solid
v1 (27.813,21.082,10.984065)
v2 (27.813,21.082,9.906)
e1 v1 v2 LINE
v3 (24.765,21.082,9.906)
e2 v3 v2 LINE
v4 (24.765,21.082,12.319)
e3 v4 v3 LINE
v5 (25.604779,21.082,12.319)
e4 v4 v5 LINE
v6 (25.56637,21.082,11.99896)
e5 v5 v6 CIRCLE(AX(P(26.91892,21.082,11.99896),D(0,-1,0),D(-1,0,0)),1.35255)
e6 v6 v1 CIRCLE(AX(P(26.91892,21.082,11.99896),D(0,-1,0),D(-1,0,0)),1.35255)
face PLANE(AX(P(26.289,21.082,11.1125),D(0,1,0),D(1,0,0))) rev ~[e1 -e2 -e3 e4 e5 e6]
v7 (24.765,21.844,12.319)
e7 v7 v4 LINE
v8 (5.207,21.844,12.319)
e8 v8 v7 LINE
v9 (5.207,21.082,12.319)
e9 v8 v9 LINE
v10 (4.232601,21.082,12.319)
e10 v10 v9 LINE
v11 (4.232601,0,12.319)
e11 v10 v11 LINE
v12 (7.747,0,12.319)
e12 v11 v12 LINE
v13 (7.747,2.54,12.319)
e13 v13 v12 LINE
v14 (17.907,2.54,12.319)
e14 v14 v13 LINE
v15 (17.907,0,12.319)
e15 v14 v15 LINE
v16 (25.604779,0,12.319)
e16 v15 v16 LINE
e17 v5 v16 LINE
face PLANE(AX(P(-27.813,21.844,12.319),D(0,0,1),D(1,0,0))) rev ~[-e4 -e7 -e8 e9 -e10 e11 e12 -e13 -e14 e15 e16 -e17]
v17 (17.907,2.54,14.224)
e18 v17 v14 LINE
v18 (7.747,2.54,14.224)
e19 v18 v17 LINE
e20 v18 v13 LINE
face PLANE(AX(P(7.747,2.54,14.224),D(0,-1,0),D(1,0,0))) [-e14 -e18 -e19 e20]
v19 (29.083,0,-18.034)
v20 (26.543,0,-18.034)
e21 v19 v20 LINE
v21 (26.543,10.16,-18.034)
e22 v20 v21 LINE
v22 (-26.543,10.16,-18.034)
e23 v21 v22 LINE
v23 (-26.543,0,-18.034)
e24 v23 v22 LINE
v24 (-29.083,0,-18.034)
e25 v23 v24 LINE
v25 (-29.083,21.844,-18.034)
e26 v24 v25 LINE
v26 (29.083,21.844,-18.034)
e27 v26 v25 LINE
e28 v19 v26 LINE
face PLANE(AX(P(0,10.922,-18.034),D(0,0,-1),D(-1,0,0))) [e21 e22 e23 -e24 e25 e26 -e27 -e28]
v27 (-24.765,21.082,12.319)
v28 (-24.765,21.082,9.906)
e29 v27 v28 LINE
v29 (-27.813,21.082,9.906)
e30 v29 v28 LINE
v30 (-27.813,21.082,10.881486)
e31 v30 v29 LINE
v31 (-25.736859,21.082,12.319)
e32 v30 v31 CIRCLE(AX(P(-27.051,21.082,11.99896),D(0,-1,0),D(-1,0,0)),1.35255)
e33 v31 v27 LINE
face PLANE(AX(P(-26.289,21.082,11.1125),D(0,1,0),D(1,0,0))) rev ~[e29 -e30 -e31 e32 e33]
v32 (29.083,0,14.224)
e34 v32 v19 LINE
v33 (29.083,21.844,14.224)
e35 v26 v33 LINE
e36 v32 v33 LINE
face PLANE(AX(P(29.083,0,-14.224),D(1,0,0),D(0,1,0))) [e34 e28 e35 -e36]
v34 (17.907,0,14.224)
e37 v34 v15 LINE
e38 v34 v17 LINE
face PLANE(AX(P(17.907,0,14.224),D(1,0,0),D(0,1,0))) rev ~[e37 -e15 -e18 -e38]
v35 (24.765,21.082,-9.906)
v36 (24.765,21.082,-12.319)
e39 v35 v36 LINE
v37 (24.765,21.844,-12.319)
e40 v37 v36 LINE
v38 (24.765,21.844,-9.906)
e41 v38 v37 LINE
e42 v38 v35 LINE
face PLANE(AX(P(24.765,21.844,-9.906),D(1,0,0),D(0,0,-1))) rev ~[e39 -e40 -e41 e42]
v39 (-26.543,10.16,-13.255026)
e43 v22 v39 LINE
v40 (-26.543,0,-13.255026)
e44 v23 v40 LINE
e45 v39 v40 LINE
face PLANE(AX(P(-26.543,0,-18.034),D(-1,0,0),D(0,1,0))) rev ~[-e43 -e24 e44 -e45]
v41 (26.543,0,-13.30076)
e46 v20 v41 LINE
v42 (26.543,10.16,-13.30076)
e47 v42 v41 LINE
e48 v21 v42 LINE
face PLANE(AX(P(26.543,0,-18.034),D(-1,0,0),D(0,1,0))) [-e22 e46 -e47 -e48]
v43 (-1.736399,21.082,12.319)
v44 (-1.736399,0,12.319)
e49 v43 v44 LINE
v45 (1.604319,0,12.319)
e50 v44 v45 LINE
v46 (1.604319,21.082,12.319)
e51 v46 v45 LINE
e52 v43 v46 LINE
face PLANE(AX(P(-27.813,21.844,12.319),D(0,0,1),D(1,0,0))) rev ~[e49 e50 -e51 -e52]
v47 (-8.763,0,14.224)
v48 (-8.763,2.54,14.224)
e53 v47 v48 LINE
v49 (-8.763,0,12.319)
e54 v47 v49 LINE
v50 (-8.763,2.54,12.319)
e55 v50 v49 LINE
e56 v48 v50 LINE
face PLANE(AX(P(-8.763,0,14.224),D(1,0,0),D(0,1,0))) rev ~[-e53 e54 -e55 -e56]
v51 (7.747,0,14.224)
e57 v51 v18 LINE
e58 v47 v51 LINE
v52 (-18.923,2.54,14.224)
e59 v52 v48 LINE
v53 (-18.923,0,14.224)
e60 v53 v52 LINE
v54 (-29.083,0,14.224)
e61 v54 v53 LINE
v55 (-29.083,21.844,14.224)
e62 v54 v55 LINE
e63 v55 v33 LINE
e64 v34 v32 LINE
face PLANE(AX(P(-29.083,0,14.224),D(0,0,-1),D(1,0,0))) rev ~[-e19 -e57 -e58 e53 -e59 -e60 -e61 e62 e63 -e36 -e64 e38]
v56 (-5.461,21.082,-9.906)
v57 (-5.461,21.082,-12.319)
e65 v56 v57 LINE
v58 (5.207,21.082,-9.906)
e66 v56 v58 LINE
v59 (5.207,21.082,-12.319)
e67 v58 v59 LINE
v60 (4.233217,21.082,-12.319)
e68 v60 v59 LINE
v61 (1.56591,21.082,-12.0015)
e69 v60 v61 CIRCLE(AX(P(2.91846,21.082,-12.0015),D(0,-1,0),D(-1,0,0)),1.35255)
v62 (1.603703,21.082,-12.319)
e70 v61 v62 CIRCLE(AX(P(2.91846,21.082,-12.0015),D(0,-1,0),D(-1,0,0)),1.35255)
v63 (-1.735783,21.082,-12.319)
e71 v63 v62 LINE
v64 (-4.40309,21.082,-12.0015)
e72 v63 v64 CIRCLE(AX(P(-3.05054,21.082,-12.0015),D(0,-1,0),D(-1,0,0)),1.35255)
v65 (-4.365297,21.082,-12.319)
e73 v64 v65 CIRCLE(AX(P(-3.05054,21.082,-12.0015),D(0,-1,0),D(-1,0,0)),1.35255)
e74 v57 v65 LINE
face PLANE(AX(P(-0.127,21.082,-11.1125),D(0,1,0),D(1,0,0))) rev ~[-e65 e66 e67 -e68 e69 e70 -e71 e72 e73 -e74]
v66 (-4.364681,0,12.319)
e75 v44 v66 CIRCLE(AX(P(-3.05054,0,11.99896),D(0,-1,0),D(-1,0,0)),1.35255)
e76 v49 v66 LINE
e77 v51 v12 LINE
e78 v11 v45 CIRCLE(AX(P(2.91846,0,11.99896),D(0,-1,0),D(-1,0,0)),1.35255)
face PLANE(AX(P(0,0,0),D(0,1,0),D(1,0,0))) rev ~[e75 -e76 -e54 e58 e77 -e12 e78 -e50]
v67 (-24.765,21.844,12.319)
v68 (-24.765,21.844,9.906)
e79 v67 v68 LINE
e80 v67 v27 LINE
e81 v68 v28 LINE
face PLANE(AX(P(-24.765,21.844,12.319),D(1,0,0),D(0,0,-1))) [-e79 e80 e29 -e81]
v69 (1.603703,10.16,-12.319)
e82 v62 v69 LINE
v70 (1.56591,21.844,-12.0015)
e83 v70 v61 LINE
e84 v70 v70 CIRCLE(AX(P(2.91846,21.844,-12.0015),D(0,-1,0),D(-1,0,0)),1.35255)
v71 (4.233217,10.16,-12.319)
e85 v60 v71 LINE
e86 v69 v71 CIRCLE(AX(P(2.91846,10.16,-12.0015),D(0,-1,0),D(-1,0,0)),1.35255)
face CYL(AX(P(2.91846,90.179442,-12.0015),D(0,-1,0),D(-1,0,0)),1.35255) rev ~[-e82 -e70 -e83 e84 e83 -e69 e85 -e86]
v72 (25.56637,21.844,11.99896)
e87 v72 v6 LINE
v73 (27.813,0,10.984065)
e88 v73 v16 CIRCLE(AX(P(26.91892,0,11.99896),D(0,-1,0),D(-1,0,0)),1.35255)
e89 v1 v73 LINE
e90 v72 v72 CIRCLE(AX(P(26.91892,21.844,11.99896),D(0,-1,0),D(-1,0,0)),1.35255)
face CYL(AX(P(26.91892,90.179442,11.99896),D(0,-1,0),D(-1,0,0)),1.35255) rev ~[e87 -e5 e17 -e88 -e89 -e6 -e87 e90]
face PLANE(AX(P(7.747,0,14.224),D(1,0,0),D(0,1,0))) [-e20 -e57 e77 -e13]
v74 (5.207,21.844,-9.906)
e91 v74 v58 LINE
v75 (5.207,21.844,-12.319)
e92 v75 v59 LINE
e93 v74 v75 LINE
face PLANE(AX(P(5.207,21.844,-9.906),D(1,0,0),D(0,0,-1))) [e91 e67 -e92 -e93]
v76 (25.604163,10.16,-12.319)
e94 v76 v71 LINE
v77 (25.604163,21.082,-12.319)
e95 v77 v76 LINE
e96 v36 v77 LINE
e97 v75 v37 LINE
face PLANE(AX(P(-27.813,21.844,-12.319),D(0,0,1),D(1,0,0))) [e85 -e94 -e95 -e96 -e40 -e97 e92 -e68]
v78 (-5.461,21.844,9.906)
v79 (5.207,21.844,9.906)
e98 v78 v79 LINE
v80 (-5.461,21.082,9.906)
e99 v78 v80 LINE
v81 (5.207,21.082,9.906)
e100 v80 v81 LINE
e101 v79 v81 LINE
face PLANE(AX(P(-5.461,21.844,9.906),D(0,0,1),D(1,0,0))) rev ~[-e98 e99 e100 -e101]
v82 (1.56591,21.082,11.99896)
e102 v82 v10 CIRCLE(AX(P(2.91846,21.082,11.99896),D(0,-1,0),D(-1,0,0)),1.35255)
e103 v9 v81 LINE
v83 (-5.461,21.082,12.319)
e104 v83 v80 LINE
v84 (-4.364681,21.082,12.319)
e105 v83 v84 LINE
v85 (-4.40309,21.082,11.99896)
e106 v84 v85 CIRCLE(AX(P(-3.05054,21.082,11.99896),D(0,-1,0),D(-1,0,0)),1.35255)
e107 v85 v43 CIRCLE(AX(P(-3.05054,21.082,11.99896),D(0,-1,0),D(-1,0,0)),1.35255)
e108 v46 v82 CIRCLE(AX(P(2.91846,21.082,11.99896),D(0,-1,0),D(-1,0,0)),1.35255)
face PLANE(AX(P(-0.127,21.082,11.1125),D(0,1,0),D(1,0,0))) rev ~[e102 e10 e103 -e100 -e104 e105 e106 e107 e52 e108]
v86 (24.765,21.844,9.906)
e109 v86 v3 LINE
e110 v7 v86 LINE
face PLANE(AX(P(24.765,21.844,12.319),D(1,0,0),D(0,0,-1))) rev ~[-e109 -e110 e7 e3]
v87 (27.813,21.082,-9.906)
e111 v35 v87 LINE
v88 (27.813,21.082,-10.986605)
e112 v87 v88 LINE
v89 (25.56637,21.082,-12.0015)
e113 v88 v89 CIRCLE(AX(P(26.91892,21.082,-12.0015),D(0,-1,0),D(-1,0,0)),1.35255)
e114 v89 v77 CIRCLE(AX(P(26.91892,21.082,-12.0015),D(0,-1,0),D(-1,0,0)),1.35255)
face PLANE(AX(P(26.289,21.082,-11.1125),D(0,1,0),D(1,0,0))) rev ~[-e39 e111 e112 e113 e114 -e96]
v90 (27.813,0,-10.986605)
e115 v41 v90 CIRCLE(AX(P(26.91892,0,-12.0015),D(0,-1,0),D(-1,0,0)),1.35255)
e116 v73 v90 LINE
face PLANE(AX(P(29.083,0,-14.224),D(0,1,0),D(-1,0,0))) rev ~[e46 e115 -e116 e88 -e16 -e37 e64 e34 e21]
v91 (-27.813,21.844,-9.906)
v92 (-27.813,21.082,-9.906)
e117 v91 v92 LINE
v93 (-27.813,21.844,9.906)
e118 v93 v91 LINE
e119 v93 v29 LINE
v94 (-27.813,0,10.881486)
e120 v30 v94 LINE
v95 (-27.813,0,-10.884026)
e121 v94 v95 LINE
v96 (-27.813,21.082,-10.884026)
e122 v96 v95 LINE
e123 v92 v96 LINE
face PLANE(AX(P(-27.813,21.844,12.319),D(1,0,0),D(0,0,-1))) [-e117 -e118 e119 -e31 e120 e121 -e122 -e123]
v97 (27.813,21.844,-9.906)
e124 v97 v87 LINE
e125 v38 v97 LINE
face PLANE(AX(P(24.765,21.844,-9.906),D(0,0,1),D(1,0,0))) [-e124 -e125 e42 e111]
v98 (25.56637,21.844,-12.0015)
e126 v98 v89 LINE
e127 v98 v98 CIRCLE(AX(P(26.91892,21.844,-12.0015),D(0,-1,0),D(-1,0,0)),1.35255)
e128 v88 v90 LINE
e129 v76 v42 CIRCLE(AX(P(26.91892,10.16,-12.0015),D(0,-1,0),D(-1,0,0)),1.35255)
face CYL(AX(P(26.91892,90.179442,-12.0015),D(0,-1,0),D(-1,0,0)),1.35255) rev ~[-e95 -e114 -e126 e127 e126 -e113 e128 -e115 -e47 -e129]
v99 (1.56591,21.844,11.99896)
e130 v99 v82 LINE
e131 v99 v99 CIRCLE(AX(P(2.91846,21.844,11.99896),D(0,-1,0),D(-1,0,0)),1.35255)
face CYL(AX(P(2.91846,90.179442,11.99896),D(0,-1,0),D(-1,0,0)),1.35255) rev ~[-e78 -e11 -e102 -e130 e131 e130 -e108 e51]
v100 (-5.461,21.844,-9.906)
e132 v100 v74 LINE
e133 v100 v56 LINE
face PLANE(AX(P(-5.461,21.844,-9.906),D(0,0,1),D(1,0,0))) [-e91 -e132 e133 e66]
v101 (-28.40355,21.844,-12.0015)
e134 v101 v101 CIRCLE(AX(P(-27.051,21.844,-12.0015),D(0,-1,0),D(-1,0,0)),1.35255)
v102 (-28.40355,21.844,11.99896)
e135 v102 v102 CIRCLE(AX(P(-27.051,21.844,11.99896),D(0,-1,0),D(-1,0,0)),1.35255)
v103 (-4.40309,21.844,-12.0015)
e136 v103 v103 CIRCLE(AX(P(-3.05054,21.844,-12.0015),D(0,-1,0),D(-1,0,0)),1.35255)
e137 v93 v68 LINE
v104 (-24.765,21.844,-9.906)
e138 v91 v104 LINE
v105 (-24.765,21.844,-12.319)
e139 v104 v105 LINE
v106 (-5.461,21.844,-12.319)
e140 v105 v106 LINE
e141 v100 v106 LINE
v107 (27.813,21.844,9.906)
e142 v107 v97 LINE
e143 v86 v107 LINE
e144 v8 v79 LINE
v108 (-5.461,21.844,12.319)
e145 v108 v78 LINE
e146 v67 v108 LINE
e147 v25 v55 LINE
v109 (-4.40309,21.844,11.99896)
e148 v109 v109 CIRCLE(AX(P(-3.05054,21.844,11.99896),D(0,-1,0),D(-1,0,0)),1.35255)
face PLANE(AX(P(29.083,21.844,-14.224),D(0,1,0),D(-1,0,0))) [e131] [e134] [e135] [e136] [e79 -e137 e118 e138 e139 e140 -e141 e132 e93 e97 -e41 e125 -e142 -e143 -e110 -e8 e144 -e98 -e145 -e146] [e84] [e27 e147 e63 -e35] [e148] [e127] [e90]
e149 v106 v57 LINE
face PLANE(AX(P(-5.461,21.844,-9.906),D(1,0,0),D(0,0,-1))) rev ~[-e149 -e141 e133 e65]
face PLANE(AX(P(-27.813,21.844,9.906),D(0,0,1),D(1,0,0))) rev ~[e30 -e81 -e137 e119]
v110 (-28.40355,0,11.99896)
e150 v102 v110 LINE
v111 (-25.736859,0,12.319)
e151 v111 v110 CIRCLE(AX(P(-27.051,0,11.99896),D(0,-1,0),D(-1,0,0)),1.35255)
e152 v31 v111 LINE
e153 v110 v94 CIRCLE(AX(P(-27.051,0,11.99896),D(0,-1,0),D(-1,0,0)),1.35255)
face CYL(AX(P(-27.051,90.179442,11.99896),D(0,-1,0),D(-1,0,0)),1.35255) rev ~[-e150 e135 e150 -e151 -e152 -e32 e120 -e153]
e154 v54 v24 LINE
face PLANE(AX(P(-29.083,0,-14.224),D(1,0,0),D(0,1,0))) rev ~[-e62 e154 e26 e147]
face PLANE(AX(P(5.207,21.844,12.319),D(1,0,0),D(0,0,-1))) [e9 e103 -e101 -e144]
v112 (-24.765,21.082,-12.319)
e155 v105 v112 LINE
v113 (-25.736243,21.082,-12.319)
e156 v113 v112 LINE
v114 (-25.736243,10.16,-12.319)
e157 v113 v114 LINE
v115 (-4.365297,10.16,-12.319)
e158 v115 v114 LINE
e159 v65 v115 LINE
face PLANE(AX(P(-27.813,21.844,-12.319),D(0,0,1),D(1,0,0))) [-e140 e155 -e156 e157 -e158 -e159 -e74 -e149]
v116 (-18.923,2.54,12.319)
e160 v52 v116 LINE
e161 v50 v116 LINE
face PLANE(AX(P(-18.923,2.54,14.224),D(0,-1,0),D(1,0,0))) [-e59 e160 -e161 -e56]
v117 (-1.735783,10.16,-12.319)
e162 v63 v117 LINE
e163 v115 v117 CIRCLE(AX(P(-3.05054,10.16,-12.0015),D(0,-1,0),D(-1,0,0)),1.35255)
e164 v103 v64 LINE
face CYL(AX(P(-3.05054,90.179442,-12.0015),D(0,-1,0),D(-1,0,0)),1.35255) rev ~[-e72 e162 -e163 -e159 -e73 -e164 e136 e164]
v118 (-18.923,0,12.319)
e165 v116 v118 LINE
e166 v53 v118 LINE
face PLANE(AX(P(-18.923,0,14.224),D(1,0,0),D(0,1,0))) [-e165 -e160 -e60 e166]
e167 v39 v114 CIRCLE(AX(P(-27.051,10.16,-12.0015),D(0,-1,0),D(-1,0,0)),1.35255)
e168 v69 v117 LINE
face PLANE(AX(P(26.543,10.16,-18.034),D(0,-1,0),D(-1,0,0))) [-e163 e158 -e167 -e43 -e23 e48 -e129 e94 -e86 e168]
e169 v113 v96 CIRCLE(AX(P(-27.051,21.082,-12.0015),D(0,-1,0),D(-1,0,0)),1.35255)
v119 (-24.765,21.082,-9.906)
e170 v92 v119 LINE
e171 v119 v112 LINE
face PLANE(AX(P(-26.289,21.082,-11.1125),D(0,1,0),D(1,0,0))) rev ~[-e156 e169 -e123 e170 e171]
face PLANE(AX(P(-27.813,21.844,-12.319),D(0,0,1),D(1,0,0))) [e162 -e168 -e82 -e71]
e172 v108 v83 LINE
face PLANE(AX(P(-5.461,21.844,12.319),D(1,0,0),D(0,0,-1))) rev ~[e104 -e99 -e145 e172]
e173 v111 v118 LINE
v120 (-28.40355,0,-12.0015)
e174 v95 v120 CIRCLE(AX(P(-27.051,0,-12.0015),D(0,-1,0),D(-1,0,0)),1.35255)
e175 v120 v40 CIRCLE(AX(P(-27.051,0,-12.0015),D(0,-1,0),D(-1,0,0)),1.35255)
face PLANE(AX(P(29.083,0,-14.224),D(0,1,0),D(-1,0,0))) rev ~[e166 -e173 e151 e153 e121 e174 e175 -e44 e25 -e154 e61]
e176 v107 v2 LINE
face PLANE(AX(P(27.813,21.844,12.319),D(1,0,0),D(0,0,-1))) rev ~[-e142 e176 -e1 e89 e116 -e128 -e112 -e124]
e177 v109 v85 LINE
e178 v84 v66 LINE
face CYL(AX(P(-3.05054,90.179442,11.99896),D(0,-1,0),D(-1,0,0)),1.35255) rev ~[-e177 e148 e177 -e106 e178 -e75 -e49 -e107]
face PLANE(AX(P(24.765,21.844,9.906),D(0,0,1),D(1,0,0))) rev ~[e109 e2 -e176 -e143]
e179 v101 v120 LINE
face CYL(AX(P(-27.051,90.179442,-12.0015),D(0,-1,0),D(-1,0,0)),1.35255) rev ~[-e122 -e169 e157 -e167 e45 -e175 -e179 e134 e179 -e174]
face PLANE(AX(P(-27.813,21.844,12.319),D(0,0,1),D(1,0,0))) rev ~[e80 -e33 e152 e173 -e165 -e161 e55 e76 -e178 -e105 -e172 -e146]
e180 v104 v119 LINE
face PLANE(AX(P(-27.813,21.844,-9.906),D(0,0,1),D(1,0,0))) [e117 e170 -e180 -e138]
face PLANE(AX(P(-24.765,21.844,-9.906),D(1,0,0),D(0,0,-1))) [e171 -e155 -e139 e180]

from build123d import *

# Parameters (mm, degrees)
SKETCH1_W             = 58.166
SKETCH1_H             = 28.448
BOSS_EXTRUDE1_DEPTH   = 21.844
SKETCH2_W             = 55.626
SKETCH2_H             = 24.638
CUT_EXTRUDE1_DEPTH    = 40.055132838
SKETCH3_W             = 3.048
SKETCH3_H             = 2.413
SKETCH3_W_2           = 10.668
BOSS_EXTRUDE2_DEPTH   = 0.762
F_2_CLEARANCE_HOLE1_D = 2.7051
CUT_EXTRUDE2_REACH    = 48.177
SKETCH6_W             = 10.16
SKETCH6_H             = 2.54
SKETCH7_W             = 58.166
SKETCH7_H             = 21.844
BOSS_EXTRUDE3_DEPTH   = 3.81
CUT_EXTRUDE3_REACH    = 50.616
SKETCH8_W             = 53.086
SKETCH8_H             = 10.16


with BuildPart() as part:
    # Sketch1 → Boss-Extrude1 (new body)
    with BuildSketch(Plane(origin=(0, 0, 0), x_dir=(1, 0, 0), z_dir=(0, 1, 0))):
        Rectangle(SKETCH1_W, SKETCH1_H)
    extrude(amount=BOSS_EXTRUDE1_DEPTH)

    # Sketch2 → Cut-Extrude1 (cut, through all)
    with BuildSketch(Plane(origin=(0, 21.844, 0), x_dir=(1, 0, 0), z_dir=(0, 1, 0))):
        Rectangle(SKETCH2_W, SKETCH2_H)
    extrude(amount=-CUT_EXTRUDE1_DEPTH, mode=Mode.SUBTRACT)

    # Sketch3 → Boss-Extrude2 (add)
    with BuildSketch(Plane(origin=(0, 21.844, 0), x_dir=(1, 0, 0), z_dir=(0, 1, 0))):
        with Locations((-26.289, 11.1125)):
            Rectangle(SKETCH3_W, SKETCH3_H)
        with Locations((-26.289, -11.1125)):
            Rectangle(SKETCH3_W, SKETCH3_H)
        with Locations((26.289, 11.1125)):
            Rectangle(SKETCH3_W, SKETCH3_H)
        with Locations((26.289, -11.1125)):
            Rectangle(SKETCH3_W, SKETCH3_H)
        with Locations((-0.127, 11.1125)):
            Rectangle(SKETCH3_W_2, SKETCH3_H)
        with Locations((-0.127, -11.1125)):
            Rectangle(SKETCH3_W_2, SKETCH3_H)
    extrude(amount=-BOSS_EXTRUDE2_DEPTH)

    # #2 Clearance Hole1 (through all)
    with Locations(Plane(origin=(0, 21.844, 0), x_dir=(1, 0, 0), z_dir=(0, 1, 0))):
        with Locations((-27.051, 12.0015), (-3.05054, 12.0015), (-3.05054, -11.99896), (-27.051, -11.99896), (2.91846, -11.99896), (26.91892, -11.99896), (26.91892, 12.0015), (2.91846, 12.0015)):
            Hole(F_2_CLEARANCE_HOLE1_D / 2)

    # Sketch6 → Cut-Extrude2 (cut, up to next)
    with BuildSketch(Plane.XY.offset(14.224), mode=Mode.PRIVATE) as cut_extrude2_sk1:
        with Locations((-13.843, 1.27)):
            Rectangle(SKETCH6_W, SKETCH6_H)
    cut_extrude2_tool1 = extrude(cut_extrude2_sk1.sketch, amount=-CUT_EXTRUDE2_REACH, mode=Mode.PRIVATE) & part.part
    # Sketch6 → Cut-Extrude2 (cut, up to next)
    with BuildSketch(Plane.XY.offset(14.224), mode=Mode.PRIVATE) as cut_extrude2_sk2:
        with Locations((12.827, 1.27)):
            Rectangle(SKETCH6_W, SKETCH6_H)
    cut_extrude2_tool2 = extrude(cut_extrude2_sk2.sketch, amount=-CUT_EXTRUDE2_REACH, mode=Mode.PRIVATE) & part.part
    add(cut_extrude2_tool1.solids().sort_by_distance((-13.843, 1.27, 14.224))[0], mode=Mode.SUBTRACT)
    add(cut_extrude2_tool2.solids().sort_by_distance((12.827, 1.27, 14.224))[0], mode=Mode.SUBTRACT)

    # Sketch7 → Boss-Extrude3 (add)
    with BuildSketch(Plane(origin=(0, 0, -14.224), x_dir=(-1, 0, 0), z_dir=(0, 0, -1))):
        with Locations((0, 10.922)):
            Rectangle(SKETCH7_W, SKETCH7_H)
    extrude(amount=BOSS_EXTRUDE3_DEPTH)

    # Sketch8 → Cut-Extrude3 (cut, up to next)
    with BuildSketch(Plane(origin=(0, 0, -18.034), x_dir=(-1, 0, 0), z_dir=(0, 0, -1)), mode=Mode.PRIVATE) as cut_extrude3_sk1:
        with Locations((0, 5.08)):
            Rectangle(SKETCH8_W, SKETCH8_H)
    cut_extrude3_tool1 = extrude(cut_extrude3_sk1.sketch, amount=-CUT_EXTRUDE3_REACH, mode=Mode.PRIVATE) & part.part
    add(cut_extrude3_tool1.solids().sort_by_distance((0, 5.08, -18.034))[0], mode=Mode.SUBTRACT)


solid = part.part
